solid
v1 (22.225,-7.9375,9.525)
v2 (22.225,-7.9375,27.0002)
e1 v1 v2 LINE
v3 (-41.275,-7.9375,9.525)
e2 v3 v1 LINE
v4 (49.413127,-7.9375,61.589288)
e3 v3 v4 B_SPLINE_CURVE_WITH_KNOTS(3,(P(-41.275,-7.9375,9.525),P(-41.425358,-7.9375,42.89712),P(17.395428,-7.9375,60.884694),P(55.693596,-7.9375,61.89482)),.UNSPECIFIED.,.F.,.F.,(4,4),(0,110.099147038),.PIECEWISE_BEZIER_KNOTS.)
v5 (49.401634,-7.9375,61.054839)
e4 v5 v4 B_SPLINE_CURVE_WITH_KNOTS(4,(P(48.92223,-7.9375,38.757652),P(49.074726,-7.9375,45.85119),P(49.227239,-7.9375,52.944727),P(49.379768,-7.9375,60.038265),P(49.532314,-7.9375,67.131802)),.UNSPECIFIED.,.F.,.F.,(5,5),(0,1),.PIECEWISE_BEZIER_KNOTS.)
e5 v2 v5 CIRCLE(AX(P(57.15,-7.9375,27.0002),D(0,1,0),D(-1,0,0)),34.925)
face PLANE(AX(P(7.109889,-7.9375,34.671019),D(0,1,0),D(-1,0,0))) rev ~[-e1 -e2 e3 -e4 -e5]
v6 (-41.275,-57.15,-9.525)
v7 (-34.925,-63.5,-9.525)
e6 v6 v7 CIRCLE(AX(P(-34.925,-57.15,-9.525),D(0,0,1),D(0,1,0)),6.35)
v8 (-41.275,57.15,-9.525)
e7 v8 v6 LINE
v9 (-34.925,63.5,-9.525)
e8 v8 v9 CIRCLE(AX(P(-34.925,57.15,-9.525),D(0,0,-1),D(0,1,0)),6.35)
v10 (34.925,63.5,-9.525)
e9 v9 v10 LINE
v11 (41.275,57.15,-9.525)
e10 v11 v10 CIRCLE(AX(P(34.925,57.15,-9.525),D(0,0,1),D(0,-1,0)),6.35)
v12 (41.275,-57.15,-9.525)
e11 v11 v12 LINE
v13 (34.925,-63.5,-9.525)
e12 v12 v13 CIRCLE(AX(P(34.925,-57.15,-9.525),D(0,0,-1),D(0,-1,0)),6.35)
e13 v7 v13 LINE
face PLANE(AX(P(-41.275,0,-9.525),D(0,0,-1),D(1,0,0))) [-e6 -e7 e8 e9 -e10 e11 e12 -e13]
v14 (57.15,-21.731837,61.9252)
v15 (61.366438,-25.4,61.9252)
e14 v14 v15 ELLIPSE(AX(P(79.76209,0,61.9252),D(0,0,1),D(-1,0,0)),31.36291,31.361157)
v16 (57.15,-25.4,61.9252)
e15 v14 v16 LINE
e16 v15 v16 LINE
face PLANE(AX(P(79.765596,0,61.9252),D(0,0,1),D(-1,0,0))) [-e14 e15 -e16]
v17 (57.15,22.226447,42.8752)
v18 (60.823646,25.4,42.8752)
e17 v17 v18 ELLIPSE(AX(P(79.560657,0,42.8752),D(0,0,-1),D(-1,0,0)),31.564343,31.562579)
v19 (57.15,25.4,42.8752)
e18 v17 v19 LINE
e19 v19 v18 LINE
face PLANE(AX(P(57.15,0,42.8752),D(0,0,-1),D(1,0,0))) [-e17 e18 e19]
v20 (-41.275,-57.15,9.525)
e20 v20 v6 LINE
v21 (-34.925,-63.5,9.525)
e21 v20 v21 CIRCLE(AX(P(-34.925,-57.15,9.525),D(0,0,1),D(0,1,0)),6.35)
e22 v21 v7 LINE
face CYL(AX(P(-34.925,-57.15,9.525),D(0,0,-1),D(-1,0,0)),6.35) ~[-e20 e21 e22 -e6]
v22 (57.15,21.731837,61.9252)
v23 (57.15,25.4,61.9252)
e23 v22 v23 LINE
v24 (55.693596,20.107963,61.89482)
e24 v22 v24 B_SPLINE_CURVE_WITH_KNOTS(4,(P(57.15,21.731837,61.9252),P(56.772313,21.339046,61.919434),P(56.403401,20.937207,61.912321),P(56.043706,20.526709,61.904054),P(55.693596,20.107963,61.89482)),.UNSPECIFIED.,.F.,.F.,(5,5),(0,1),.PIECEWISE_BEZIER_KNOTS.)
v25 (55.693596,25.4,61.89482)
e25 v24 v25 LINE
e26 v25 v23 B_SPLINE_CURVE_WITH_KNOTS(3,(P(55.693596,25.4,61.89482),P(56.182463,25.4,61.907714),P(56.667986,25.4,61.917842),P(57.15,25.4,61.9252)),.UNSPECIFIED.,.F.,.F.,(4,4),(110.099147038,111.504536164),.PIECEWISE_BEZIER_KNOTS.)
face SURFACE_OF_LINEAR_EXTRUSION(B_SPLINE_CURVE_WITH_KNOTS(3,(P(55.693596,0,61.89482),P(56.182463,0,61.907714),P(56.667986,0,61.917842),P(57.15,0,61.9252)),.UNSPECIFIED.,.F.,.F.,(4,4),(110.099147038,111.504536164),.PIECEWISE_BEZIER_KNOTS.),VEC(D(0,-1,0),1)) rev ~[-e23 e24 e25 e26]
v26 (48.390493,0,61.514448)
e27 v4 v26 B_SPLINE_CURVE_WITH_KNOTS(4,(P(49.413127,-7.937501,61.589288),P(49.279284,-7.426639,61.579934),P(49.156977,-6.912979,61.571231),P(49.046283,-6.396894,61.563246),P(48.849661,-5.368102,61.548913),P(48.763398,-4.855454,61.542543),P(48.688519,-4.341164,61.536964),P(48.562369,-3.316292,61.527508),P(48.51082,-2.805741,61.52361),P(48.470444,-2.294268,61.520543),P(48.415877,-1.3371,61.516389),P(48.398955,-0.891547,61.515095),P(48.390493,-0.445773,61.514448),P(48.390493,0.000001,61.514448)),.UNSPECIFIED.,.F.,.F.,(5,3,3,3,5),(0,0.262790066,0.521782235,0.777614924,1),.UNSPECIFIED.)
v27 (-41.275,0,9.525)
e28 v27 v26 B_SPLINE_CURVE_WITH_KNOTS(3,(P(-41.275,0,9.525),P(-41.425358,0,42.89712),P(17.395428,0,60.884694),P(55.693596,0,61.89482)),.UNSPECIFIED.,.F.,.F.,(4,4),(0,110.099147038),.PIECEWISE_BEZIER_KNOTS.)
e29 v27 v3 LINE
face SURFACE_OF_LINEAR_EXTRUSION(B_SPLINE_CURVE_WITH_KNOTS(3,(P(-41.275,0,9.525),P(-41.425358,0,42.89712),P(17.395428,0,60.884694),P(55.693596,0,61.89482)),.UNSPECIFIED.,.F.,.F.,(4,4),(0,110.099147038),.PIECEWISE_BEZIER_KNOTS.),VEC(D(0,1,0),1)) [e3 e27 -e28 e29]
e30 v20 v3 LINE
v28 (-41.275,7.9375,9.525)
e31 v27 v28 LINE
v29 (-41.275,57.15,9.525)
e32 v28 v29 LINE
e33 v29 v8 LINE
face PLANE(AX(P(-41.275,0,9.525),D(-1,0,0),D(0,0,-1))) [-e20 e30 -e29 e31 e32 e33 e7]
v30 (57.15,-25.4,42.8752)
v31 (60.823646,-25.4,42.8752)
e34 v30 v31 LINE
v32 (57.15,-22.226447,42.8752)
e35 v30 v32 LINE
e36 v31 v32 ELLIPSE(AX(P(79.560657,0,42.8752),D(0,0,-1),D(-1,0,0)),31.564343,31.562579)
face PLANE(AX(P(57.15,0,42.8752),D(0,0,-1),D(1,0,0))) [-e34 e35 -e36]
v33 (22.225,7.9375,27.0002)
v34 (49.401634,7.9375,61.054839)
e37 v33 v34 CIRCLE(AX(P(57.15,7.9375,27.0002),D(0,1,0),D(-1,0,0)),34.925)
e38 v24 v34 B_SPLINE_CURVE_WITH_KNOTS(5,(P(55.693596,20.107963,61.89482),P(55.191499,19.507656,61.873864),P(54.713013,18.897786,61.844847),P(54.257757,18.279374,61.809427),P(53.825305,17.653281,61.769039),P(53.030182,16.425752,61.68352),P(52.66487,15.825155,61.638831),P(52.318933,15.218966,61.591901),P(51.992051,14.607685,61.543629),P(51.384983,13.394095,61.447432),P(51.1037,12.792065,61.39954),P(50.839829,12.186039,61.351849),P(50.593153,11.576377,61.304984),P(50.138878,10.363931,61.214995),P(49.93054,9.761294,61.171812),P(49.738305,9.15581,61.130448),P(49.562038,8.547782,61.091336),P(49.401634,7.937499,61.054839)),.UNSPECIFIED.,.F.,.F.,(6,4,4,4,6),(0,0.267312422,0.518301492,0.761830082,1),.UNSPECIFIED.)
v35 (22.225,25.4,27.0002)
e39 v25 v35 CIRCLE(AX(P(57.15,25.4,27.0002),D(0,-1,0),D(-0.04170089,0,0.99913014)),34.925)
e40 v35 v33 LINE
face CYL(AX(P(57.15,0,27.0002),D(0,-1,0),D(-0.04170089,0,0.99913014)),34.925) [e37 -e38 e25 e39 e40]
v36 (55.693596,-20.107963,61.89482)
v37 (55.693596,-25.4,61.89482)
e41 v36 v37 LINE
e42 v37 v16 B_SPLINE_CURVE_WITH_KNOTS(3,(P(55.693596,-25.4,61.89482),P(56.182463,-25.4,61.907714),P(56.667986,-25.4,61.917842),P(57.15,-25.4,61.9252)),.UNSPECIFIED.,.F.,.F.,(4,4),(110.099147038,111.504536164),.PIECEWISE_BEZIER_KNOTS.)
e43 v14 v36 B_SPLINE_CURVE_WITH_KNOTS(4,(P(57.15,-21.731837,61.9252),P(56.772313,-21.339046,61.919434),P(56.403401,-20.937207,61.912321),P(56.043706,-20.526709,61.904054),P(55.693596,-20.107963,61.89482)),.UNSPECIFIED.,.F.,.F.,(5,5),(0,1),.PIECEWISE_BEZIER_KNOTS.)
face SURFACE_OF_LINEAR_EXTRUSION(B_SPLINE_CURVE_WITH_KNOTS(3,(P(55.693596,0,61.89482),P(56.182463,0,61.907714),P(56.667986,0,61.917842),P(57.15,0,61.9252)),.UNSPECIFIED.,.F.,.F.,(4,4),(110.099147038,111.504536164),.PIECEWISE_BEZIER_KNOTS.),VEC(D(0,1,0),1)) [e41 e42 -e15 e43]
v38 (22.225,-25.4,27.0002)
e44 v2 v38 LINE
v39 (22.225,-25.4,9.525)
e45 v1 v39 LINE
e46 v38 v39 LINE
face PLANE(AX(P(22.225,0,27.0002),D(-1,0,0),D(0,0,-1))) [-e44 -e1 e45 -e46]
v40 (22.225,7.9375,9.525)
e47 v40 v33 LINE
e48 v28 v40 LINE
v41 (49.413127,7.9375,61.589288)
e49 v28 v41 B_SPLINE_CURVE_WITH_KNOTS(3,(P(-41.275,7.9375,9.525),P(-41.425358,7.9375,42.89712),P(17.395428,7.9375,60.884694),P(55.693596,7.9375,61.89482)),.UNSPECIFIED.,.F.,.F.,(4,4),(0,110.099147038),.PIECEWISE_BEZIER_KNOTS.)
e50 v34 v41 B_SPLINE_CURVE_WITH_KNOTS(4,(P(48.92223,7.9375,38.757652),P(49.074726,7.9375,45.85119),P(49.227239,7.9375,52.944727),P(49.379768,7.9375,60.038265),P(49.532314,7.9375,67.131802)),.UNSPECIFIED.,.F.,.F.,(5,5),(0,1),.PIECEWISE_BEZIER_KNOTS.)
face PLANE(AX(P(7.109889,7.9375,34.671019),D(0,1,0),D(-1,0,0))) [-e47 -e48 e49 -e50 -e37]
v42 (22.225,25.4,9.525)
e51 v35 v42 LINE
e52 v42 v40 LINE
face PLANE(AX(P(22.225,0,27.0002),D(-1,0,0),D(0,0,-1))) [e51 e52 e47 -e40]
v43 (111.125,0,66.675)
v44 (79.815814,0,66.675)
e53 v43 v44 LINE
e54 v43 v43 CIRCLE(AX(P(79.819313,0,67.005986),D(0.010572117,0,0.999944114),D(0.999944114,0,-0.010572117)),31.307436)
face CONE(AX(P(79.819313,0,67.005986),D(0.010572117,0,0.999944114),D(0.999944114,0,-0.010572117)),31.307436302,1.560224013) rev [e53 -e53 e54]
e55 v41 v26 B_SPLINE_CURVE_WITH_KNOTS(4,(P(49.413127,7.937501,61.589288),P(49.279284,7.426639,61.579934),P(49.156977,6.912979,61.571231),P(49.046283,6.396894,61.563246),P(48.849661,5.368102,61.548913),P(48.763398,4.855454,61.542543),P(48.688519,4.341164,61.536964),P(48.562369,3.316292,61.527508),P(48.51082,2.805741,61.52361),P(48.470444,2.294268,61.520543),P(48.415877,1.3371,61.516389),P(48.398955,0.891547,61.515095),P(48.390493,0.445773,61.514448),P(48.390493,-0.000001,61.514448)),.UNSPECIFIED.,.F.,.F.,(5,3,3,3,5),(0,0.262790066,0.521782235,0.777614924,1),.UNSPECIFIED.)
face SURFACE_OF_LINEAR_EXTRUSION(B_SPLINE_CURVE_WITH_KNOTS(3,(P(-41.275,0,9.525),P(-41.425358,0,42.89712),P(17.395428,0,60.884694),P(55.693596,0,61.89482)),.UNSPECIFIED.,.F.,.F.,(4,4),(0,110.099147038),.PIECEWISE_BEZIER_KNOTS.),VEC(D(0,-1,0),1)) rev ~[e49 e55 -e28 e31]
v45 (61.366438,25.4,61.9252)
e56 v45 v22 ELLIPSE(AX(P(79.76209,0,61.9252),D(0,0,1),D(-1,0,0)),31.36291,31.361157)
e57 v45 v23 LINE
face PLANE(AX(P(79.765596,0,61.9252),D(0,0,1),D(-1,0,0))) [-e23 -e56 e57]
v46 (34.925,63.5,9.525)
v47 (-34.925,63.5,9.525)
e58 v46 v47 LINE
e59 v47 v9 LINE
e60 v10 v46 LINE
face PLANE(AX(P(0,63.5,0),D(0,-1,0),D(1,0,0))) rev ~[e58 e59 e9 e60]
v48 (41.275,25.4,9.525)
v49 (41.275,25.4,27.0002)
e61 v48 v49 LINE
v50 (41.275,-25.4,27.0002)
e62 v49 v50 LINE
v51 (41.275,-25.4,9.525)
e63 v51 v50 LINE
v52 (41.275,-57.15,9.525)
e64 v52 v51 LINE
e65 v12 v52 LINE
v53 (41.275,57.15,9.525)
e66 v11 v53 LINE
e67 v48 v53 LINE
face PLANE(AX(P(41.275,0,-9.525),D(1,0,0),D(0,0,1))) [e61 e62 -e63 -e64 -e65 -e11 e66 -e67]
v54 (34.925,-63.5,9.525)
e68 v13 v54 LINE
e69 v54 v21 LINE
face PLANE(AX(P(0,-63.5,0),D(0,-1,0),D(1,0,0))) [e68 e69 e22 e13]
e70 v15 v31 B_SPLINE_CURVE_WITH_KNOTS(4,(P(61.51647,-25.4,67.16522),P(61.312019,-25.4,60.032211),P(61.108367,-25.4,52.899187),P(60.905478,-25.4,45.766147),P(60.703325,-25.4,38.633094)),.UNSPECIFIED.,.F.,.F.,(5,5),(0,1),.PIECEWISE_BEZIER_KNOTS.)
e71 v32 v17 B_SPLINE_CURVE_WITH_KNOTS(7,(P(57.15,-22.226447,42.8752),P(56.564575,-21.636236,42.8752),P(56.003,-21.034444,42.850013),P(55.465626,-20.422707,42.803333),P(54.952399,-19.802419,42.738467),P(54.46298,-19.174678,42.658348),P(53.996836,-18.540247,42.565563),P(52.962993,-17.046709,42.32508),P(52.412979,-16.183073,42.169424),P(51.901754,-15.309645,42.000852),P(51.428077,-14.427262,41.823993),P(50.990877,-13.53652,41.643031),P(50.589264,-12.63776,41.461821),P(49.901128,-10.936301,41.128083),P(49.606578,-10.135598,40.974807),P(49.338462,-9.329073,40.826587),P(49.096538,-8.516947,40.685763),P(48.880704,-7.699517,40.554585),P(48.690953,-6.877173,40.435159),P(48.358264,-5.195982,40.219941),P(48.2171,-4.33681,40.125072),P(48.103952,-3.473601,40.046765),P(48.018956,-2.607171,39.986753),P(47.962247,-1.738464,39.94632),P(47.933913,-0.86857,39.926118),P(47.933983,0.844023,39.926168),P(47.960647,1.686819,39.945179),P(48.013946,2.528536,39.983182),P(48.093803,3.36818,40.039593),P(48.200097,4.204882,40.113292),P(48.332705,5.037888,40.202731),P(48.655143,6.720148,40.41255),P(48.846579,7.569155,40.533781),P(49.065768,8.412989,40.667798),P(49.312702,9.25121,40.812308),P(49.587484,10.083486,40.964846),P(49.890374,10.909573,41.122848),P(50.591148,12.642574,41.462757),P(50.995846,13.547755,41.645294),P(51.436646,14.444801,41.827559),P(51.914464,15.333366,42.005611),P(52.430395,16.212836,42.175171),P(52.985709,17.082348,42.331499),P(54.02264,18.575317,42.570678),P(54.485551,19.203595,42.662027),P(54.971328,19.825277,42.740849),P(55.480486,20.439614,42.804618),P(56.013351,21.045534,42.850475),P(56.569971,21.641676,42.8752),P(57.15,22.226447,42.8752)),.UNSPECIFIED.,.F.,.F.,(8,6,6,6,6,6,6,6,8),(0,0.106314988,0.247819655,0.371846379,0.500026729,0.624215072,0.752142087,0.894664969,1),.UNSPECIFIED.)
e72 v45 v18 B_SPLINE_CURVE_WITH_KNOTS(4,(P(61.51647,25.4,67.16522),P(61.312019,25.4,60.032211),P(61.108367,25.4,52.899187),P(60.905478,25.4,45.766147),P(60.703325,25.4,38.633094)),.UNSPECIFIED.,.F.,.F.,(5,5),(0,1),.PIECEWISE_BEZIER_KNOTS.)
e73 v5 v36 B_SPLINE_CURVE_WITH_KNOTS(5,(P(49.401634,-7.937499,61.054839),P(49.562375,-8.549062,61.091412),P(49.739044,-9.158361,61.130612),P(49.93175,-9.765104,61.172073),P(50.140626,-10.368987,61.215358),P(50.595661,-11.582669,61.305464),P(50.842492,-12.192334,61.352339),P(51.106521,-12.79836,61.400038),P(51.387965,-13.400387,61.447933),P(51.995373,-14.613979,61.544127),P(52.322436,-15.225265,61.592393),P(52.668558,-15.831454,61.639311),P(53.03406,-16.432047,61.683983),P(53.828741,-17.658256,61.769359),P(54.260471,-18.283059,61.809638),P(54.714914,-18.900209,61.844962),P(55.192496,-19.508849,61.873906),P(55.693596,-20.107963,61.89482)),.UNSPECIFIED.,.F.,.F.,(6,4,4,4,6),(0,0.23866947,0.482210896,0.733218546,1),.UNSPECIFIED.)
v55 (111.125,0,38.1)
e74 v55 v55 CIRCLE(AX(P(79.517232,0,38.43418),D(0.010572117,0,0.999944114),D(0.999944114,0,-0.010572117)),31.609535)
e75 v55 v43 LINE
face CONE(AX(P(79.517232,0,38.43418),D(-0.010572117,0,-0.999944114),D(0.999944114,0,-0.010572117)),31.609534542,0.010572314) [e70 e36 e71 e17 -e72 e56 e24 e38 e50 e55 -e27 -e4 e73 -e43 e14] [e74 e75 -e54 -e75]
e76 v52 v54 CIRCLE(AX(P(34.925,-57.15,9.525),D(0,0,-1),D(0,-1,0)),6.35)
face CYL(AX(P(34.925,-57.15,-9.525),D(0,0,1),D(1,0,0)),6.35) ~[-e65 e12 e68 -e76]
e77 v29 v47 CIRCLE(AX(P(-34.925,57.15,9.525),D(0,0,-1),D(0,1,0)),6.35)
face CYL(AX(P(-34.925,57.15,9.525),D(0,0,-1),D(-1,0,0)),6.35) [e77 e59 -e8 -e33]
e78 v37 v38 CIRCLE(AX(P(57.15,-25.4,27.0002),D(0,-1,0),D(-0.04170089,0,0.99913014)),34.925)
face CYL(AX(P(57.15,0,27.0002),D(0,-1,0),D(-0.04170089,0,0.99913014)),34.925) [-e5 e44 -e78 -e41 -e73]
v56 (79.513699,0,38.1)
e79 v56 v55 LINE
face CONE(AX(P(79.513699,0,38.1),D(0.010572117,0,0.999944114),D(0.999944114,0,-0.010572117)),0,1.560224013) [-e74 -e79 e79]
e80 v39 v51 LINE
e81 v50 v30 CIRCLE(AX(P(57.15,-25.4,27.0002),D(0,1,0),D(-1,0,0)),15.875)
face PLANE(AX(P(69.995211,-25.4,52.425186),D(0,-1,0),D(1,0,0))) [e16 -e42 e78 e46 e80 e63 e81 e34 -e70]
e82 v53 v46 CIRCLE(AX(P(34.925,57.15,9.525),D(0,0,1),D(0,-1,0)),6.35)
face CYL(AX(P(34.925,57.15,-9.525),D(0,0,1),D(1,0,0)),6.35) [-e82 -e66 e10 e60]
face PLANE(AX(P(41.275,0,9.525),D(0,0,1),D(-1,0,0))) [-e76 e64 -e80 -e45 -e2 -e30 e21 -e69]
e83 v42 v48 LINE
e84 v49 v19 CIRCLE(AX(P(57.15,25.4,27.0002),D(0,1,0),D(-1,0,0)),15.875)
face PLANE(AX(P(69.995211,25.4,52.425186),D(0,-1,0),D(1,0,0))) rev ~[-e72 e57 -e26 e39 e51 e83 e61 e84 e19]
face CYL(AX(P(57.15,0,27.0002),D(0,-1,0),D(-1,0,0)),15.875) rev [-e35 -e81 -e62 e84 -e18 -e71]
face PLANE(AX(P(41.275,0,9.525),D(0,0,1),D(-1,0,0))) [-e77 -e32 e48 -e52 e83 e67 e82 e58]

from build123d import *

# Parameters (mm, degrees)
F1_DEPTH = 63.5
F2_DEPTH = 25.4
F3_DEPTH = 7.9375
F5_R     = 6.35


with BuildPart() as f1:
    # F0 (on Front) → F1 (new body, symmetric)
    with BuildSketch(Plane.XZ):
        Polygon((-41.275, 9.525), (-41.275, -9.525), (41.275, -9.525), (41.275, 9.525), (22.225, 9.525), align=None)
    extrude(amount=F1_DEPTH, both=True)

    # F0 (on Front) → F2 (join, symmetric)
    with BuildSketch(Plane.XZ):
        Polygon((79.7655956935, 61.9252), (60.325, 61.9252), (60.325, 42.8752), (79.5641856105, 42.8752), align=None)
        with BuildLine():
            Line((22.225, 9.525), (41.275, 9.525))
            Line((41.275, 9.525), (41.275, 27.0002))
            ThreePointArc((41.275, 27.0002), (45.9246798487, 38.2255201513), (57.15, 42.8752))
            Line((57.15, 42.8752), (60.325, 42.8752))
            Line((60.325, 42.8752), (60.325, 61.9252))
            Line((60.325, 61.9252), (57.15, 61.9252))
            add(Edge.make_bspline(
                [(55.693596433, 61.8948201247), (56.1824633376, 61.9077141439), (56.6679863057, 61.9178418733), (57.15, 61.9252)],
                knots=[110.0991470384, 110.0991470384, 110.0991470384, 110.0991470384, 111.5045361635, 111.5045361635, 111.5045361635, 111.5045361635], degree=3))
            ThreePointArc((55.693596433, 61.8948201247), (31.944638273, 51.1755048628), (22.225, 27.0002))
            Line((22.225, 27.0002), (22.225, 9.525))
        make_face()
    extrude(amount=F2_DEPTH, both=True)

    # F0 (on Front) → F3 (join, symmetric)
    with BuildSketch(Plane.XZ):
        with BuildLine():
            add(Edge.make_bspline(
                [(-41.275, 9.525), (-41.4253577481, 42.8971199806), (17.395428152, 60.8846938277), (55.693596433, 61.8948201247)],
                knots=[0, 0, 0, 0, 110.0991470384, 110.0991470384, 110.0991470384, 110.0991470384], degree=3))
            Line((-41.275, 9.525), (22.225, 9.525))
            Line((22.225, 9.525), (22.225, 27.0002))
            ThreePointArc((22.225, 27.0002), (31.944638273, 51.1755048628), (55.693596433, 61.8948201247))
        make_face()
    extrude(amount=F3_DEPTH, both=True)

    # F0 (on Front) → F4 (revolve)
    with BuildSketch(Plane.XZ):
        Polygon((79.8158139409, 66.675), (79.7655956935, 61.9252), (79.5641856105, 42.8752), (79.5136988163, 38.1), (111.125, 38.1), (111.125, 66.675), align=None)
    revolve(axis=Axis((79.6647563786, 0, 52.3875), (0.0105721169, 0, 0.9999441136)))

    # F5
    f5_edges = [f1.edges().sort_by_distance(p)[0] for p in [
        (41.275, -63.5, 0),
        (-41.275, -63.5, 0),
        (-41.275, 63.5, 0),
        (41.275, 63.5, 0),
    ]]
    fillet(f5_edges, radius=F5_R)


solid = f1.part
